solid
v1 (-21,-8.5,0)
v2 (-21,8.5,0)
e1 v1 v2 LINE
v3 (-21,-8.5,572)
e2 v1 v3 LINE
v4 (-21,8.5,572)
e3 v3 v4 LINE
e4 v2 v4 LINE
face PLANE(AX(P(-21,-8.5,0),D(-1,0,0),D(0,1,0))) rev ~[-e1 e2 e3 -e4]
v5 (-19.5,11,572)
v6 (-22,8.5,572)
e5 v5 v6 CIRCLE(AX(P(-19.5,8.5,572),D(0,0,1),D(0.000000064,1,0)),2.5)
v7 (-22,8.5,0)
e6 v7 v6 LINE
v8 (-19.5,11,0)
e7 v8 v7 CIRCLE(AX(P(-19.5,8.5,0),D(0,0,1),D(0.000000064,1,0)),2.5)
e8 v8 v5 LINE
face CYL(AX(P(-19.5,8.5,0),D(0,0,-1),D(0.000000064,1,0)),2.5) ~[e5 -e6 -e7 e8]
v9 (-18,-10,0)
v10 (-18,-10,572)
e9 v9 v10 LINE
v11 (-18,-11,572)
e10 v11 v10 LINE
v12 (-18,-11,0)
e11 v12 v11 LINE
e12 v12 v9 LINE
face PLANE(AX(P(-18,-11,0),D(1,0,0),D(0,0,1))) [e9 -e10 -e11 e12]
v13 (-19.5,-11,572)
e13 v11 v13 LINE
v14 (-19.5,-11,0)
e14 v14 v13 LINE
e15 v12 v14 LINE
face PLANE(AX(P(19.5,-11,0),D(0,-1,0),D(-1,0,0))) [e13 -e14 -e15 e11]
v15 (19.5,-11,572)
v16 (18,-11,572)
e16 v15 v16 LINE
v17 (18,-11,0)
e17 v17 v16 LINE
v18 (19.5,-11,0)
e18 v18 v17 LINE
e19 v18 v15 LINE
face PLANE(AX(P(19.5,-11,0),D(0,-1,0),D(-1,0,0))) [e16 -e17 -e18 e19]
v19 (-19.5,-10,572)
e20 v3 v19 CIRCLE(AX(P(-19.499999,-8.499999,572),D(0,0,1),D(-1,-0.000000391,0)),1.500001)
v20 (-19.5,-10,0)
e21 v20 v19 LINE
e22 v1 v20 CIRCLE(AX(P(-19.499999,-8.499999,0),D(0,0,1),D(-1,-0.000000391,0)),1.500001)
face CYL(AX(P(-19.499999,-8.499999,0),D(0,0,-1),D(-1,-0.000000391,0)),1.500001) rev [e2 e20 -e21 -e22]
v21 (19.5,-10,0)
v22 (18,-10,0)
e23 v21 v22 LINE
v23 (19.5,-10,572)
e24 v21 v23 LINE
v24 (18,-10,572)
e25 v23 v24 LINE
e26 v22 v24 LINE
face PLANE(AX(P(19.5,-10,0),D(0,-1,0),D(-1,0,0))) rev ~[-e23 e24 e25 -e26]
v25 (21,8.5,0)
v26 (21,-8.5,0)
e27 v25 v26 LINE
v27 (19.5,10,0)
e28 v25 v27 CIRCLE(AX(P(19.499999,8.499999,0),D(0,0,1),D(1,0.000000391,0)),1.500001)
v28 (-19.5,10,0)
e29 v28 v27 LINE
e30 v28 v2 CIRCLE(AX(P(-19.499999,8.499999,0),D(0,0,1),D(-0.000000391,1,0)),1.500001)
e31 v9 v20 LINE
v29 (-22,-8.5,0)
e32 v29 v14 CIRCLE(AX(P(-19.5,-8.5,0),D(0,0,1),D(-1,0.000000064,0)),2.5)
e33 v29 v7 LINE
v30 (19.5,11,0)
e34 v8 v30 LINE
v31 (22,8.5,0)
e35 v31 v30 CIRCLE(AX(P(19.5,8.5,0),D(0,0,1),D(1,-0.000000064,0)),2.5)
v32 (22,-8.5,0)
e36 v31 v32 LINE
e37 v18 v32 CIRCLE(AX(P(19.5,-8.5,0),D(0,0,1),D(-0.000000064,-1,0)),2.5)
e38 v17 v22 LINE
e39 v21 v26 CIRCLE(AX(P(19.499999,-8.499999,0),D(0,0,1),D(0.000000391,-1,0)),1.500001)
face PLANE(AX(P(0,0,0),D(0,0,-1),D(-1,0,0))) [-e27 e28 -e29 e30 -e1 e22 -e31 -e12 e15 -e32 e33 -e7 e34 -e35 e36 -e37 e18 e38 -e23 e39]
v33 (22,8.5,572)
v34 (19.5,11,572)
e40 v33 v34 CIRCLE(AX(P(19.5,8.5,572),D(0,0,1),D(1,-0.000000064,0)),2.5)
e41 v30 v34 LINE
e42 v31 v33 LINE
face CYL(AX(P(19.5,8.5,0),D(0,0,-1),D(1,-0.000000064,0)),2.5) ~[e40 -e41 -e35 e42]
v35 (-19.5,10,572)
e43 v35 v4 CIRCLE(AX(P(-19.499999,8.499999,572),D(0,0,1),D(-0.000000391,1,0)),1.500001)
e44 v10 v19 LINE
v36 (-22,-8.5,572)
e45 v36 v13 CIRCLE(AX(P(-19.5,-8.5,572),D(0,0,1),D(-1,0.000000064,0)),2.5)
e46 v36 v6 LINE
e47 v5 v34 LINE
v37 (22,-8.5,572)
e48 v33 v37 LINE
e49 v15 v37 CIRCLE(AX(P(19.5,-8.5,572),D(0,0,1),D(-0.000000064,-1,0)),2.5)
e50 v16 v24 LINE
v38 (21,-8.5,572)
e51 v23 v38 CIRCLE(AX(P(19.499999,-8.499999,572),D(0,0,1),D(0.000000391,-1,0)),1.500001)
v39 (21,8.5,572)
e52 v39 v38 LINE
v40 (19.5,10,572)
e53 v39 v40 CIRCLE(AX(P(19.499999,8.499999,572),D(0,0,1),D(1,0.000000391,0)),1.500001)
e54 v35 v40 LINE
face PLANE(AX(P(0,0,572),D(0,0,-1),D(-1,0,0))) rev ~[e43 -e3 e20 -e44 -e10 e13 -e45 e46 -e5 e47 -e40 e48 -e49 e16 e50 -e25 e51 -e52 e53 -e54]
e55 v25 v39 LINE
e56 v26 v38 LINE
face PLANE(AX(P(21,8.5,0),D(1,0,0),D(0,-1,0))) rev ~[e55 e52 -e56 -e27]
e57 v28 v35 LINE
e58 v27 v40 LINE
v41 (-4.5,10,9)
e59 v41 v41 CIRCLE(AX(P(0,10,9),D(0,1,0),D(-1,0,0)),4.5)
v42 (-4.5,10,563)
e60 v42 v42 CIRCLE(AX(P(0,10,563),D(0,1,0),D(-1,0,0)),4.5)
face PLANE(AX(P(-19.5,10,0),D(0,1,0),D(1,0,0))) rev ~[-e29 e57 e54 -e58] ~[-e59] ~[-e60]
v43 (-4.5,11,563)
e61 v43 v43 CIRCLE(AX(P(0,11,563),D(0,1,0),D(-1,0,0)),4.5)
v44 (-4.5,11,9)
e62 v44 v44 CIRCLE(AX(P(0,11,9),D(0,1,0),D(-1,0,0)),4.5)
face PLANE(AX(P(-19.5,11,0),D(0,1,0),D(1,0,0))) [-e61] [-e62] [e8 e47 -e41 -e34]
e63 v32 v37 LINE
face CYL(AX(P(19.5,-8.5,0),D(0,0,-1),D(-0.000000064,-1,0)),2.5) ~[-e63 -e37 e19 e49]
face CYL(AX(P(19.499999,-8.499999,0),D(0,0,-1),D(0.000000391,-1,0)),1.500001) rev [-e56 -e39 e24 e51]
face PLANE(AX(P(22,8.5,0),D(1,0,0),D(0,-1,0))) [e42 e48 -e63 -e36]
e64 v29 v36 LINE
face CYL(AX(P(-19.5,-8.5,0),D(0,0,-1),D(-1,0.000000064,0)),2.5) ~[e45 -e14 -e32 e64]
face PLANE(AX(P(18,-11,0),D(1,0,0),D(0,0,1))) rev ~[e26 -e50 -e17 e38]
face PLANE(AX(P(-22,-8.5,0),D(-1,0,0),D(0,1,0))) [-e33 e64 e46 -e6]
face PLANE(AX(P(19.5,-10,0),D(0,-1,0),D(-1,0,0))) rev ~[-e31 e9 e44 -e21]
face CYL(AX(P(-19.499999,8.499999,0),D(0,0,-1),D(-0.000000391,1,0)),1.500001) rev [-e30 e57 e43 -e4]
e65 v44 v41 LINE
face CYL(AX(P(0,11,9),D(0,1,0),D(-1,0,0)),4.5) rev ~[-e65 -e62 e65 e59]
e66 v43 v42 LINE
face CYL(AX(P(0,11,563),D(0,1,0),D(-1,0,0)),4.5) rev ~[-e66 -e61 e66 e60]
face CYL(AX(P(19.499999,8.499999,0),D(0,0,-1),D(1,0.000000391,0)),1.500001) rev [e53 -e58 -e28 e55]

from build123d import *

# Parameters (mm, degrees)
PAD001_DEPTH    = 572
SKETCH004_R     = 4.5
POCKET002_DEPTH = 5
SKETCH007_W     = 36
SKETCH007_H     = 572
POCKET004_DEPTH = 5


with BuildPart() as part:
    # Sketch003 → Pad001 (new body)
    with BuildSketch(Plane.XY):
        with BuildLine():
            Line((-19.5, 11), (19.5, 11))
            ThreePointArc((22, 8.5), (21.267767, 10.267767), (19.5, 11))
            Line((22, 8.5), (22, -8.5))
            ThreePointArc((19.5, -11), (21.267767, -10.267767), (22, -8.5))
            Line((19.5, -11), (-19.5, -11))
            ThreePointArc((-22, -8.5), (-21.267767, -10.267767), (-19.5, -11))
            Line((-22, -8.5), (-22, 8.5))
            ThreePointArc((-19.5, 11), (-21.267767, 10.267767), (-22, 8.5))
        make_face()
        with BuildLine():
            Line((-19.5, 10), (19.5, 10))
            ThreePointArc((21, 8.5), (20.56066, 9.56066), (19.5, 10))
            Line((21, 8.5), (21, -8.5))
            ThreePointArc((19.5, -10), (20.56066, -9.56066), (21, -8.5))
            Line((19.5, -10), (-19.5, -10))
            ThreePointArc((-21, -8.5), (-20.56066, -9.56066), (-19.5, -10))
            Line((-21, -8.5), (-21, 8.5))
            ThreePointArc((-19.5, 10), (-20.56066, 9.56066), (-21, 8.5))
        make_face(mode=Mode.SUBTRACT)
    extrude(amount=PAD001_DEPTH)

    # Sketch004 (on Face3 of Pad001) → Pocket002 (cut)
    with BuildSketch(Plane(origin=(0, 11, 0), x_dir=(-1, 0, 0), z_dir=(0, 1, 0))):
        with Locations((0, 9)):
            Circle(SKETCH004_R)
        with Locations((0, 563)):
            Circle(SKETCH004_R)
    extrude(amount=-POCKET002_DEPTH, mode=Mode.SUBTRACT)

    # Sketch007 (on Face6 of Pocket002) → Pocket004 (cut)
    with BuildSketch(Plane.XZ.offset(11)):
        with Locations((0, 286)):
            Rectangle(SKETCH007_W, SKETCH007_H)
    extrude(amount=-POCKET004_DEPTH, mode=Mode.SUBTRACT)


solid = part.part
